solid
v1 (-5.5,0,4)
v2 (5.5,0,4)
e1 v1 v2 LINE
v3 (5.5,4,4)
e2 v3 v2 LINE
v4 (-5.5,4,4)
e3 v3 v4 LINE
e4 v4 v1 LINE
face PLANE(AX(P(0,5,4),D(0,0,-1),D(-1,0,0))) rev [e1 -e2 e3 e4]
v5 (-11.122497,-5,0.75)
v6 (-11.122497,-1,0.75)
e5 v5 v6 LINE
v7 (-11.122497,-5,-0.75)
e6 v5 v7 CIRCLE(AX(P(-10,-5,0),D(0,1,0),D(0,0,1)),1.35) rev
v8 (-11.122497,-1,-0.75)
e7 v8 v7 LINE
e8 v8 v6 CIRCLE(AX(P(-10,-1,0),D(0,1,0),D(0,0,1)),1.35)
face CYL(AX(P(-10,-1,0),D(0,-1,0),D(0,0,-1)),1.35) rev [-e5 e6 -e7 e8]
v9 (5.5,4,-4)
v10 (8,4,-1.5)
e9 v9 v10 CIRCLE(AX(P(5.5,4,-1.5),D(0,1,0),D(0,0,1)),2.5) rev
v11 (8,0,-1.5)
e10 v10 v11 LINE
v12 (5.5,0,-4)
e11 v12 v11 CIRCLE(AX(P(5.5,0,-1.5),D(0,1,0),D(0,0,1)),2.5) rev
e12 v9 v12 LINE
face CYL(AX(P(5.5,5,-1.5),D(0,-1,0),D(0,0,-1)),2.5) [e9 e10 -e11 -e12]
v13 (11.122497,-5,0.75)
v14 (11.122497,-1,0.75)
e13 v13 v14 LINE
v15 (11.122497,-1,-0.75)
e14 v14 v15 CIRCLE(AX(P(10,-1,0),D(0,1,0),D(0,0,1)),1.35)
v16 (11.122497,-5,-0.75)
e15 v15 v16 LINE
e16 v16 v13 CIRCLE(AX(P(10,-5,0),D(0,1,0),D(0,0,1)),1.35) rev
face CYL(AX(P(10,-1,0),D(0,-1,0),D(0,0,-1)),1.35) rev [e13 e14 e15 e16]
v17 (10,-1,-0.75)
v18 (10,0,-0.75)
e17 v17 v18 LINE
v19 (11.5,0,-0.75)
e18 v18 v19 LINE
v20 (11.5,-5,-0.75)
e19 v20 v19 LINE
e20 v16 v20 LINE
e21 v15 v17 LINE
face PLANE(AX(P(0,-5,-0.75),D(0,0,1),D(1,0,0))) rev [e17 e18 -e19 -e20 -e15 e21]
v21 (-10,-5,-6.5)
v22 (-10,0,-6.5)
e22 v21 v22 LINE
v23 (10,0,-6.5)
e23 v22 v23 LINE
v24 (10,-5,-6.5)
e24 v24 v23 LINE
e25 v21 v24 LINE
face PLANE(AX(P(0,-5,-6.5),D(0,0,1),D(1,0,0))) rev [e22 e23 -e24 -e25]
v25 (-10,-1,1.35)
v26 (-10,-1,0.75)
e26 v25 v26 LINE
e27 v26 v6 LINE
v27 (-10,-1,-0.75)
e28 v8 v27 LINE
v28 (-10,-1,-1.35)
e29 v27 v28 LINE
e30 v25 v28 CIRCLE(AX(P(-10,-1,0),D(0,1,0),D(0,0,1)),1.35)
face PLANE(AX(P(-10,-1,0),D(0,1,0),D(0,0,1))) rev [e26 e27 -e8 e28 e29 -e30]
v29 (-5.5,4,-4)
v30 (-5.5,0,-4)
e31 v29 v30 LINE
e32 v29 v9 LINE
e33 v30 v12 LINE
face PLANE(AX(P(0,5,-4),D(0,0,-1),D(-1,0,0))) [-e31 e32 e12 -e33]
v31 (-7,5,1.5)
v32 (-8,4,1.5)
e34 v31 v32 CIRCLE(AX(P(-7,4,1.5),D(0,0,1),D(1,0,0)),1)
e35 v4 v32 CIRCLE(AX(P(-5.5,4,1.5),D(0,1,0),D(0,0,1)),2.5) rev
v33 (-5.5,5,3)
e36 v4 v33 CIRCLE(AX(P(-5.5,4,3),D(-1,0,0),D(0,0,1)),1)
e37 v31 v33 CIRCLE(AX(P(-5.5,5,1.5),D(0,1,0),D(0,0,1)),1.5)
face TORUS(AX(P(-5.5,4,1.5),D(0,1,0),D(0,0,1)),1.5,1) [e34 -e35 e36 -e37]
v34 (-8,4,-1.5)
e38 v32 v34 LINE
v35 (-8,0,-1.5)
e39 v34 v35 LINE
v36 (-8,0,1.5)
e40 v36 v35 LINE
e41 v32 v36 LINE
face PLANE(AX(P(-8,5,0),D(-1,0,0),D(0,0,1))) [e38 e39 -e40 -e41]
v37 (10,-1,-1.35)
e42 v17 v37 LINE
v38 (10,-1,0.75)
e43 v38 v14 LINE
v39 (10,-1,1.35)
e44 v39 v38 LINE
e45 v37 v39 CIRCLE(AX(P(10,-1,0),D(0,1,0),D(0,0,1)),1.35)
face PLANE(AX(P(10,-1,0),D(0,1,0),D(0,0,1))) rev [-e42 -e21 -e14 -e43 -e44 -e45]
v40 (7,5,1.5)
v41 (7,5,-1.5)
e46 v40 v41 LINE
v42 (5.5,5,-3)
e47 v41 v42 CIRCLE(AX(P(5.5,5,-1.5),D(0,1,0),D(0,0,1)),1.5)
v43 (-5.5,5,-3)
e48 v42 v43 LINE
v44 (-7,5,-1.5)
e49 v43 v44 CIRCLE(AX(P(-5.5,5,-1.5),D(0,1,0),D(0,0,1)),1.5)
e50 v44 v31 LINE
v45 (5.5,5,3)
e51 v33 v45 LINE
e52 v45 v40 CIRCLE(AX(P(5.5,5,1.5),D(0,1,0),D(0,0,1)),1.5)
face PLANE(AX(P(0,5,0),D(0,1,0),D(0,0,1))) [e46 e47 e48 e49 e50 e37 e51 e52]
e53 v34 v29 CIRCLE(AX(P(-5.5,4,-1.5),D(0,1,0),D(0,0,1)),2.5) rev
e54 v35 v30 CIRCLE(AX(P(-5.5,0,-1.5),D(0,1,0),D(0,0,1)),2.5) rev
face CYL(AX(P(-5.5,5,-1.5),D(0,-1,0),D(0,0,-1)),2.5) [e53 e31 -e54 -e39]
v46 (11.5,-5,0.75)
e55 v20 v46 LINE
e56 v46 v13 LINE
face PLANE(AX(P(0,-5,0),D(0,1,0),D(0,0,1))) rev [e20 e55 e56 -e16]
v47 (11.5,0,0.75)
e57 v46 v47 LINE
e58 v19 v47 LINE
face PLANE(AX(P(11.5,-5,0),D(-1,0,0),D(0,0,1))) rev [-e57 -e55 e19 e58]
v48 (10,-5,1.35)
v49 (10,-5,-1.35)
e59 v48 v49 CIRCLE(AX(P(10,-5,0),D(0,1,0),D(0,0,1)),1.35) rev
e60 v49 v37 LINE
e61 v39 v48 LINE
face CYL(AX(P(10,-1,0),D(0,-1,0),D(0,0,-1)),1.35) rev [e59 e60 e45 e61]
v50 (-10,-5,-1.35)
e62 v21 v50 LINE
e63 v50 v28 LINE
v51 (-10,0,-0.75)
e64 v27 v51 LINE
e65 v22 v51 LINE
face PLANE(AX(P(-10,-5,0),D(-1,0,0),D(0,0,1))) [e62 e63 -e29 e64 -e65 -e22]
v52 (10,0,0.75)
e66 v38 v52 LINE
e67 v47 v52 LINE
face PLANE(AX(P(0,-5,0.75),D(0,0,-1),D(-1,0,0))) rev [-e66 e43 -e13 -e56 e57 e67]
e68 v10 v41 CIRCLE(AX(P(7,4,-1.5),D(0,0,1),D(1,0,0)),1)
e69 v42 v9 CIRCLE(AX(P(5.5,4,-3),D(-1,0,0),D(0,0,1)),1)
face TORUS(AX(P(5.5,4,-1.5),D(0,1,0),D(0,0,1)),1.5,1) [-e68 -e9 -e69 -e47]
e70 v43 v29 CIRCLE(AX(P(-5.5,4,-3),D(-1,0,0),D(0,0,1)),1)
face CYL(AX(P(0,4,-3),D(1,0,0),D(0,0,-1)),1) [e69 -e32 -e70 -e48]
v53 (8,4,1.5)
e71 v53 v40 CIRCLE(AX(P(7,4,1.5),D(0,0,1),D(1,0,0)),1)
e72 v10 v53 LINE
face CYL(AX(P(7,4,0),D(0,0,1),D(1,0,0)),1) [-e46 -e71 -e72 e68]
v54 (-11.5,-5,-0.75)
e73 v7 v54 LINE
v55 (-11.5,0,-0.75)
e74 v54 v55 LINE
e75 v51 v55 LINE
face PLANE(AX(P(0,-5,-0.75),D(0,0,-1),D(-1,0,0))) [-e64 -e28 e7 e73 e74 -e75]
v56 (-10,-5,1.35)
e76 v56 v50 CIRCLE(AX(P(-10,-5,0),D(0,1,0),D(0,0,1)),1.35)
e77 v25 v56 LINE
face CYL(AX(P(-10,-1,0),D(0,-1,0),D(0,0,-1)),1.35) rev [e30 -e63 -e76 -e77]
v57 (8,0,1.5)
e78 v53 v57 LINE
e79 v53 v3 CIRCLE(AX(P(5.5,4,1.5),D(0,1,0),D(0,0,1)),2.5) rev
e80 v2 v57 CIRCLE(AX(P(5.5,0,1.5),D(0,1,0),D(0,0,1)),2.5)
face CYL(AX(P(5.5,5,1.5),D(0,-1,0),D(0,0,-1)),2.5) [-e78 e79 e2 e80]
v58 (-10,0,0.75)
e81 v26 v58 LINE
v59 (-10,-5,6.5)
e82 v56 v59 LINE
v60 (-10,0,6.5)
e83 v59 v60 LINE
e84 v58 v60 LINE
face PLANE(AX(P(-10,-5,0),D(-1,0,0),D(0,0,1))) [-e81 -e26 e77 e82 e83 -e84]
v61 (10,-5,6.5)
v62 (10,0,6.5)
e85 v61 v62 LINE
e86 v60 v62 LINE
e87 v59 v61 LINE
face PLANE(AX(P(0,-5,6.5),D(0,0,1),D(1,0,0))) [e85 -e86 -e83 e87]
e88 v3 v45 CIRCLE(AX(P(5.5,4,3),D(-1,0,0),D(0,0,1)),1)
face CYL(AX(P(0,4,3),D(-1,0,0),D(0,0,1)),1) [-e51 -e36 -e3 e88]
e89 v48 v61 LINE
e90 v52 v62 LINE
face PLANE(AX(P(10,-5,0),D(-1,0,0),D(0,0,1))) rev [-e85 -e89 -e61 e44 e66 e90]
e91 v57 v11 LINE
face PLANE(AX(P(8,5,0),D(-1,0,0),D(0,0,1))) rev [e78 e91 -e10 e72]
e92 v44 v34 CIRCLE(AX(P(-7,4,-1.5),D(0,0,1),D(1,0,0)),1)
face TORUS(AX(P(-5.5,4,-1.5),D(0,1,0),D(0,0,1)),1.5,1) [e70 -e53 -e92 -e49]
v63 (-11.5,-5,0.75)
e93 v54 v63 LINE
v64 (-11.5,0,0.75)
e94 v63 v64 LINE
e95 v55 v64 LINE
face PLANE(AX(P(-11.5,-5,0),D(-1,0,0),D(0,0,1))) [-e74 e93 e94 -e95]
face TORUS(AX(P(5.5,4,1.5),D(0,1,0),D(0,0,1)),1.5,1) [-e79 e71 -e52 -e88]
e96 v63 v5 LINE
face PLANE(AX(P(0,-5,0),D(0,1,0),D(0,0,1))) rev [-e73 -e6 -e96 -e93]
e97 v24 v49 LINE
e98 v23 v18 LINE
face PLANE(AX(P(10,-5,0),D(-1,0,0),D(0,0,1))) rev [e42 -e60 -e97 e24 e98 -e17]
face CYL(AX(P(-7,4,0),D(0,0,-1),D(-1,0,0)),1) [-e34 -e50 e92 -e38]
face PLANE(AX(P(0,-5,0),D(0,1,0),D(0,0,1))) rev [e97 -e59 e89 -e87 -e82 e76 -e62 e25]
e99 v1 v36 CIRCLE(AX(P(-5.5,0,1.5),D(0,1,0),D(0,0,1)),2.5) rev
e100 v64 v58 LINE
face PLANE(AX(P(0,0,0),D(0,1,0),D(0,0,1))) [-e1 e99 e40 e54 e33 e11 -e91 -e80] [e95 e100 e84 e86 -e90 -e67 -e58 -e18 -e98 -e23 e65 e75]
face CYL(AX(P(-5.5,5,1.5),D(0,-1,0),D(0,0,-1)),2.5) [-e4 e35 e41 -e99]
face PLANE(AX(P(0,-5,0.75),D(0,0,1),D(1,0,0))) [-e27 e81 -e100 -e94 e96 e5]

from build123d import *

# Parameters (mm, degrees)
BOSS_EXTRUDE1_DEPTH = 5
BOSS_EXTRUDE2_START = -5
SKETCH2_3_W         = 1.5
SKETCH2_3_H         = 1.5
BOSS_EXTRUDE2_DEPTH = 5
FILLET1_R           = 1
CUT_EXTRUDE1_START  = -5
SKETCH3_R           = 1.35
CUT_EXTRUDE1_DEPTH  = 4


with BuildPart() as part:
    # Sketch2 → Boss-Extrude1 (new body)
    with BuildSketch(Plane(origin=(0, 0, 0), x_dir=(1, 0, 0), z_dir=(0, 1, 0))):
        with BuildLine():
            ThreePointArc((-8, 1.5), (-7.267766953, 3.267766953), (-5.5, 4))
            Line((-5.5, 4), (5.5, 4))
            ThreePointArc((5.5, 4), (7.267766953, 3.267766953), (8, 1.5))
            Line((8, 1.5), (8, -1.5))
            ThreePointArc((8, -1.5), (7.267766953, -3.267766953), (5.5, -4))
            Line((5.5, -4), (-5.5, -4))
            ThreePointArc((-5.5, -4), (-7.267766953, -3.267766953), (-8, -1.5))
            Line((-8, -1.5), (-8, 1.5))
        make_face()
    extrude(amount=BOSS_EXTRUDE1_DEPTH)

    # Sketch2<3> → Boss-Extrude2 (add)
    # profile 1 of 4: a face of its own
    with BuildSketch(Plane(origin=(0, 0, 0), x_dir=(1, 0, 0), z_dir=(0, 1, 0)).offset(BOSS_EXTRUDE2_START)):
        Polygon((-10, 6.5), (-10, 0.75), (-10, -0.75), (-10, -6.5), (10, -6.5), (10, -0.75), (10, 0.75), (10, 6.5), align=None)
        with BuildLine():
            ThreePointArc((-8, 1.5), (-7.267766953, 3.267766953), (-5.5, 4))
            Line((-5.5, 4), (5.5, 4))
            ThreePointArc((5.5, 4), (7.267766953, 3.267766953), (8, 1.5))
            Line((8, 1.5), (8, -1.5))
            ThreePointArc((8, -1.5), (7.267766953, -3.267766953), (5.5, -4))
            Line((5.5, -4), (-5.5, -4))
            ThreePointArc((-5.5, -4), (-7.267766953, -3.267766953), (-8, -1.5))
            Line((-8, -1.5), (-8, 1.5))
        make_face(mode=Mode.SUBTRACT)
    # profile 2 of 4: a face of its own
    with BuildSketch(Plane(origin=(0, 0, 0), x_dir=(1, 0, 0), z_dir=(0, 1, 0)).offset(BOSS_EXTRUDE2_START)):
        with BuildLine():
            ThreePointArc((-8, 1.5), (-7.267766953, 3.267766953), (-5.5, 4))
            Line((-5.5, 4), (5.5, 4))
            ThreePointArc((5.5, 4), (7.267766953, 3.267766953), (8, 1.5))
            Line((8, 1.5), (8, -1.5))
            ThreePointArc((8, -1.5), (7.267766953, -3.267766953), (5.5, -4))
            Line((5.5, -4), (-5.5, -4))
            ThreePointArc((-5.5, -4), (-7.267766953, -3.267766953), (-8, -1.5))
            Line((-8, -1.5), (-8, 1.5))
        make_face()
    # profile 3 of 4: a face of its own
    with BuildSketch(Plane(origin=(0, 0, 0), x_dir=(1, 0, 0), z_dir=(0, 1, 0)).offset(BOSS_EXTRUDE2_START)):
        with Locations((10.75, 0)):
            Rectangle(SKETCH2_3_W, SKETCH2_3_H)
    # profile 4 of 4: a face of its own
    with BuildSketch(Plane(origin=(0, 0, 0), x_dir=(1, 0, 0), z_dir=(0, 1, 0)).offset(BOSS_EXTRUDE2_START)):
        with Locations((-10.75, 0)):
            Rectangle(SKETCH2_3_W, SKETCH2_3_H)
    extrude(amount=BOSS_EXTRUDE2_DEPTH)

    # Fillet1
    fillet1_edges = [part.edges().sort_by_distance(p)[0] for p in [
        (-8, 5, 0),
        (-7.267766953, 5, 3.267766953),
        (0, 5, 4),
        (7.267766953, 5, 3.267766953),
        (8, 5, 0),
        (7.267766953, 5, -3.267766953),
        (0, 5, -4),
        (-7.267766953, 5, -3.267766953),
    ]]
    fillet(fillet1_edges, radius=FILLET1_R)

    # Sketch3 → Cut-Extrude1 (cut)
    with BuildSketch(Plane(origin=(0, 0, 0), x_dir=(1, 0, 0), z_dir=(0, 1, 0)).offset(CUT_EXTRUDE1_START)):
        with Locations((10, 0)):
            Circle(SKETCH3_R)
        with Locations((-10, 0)):
            Circle(SKETCH3_R)
    extrude(amount=CUT_EXTRUDE1_DEPTH, mode=Mode.SUBTRACT)


solid = part.part
